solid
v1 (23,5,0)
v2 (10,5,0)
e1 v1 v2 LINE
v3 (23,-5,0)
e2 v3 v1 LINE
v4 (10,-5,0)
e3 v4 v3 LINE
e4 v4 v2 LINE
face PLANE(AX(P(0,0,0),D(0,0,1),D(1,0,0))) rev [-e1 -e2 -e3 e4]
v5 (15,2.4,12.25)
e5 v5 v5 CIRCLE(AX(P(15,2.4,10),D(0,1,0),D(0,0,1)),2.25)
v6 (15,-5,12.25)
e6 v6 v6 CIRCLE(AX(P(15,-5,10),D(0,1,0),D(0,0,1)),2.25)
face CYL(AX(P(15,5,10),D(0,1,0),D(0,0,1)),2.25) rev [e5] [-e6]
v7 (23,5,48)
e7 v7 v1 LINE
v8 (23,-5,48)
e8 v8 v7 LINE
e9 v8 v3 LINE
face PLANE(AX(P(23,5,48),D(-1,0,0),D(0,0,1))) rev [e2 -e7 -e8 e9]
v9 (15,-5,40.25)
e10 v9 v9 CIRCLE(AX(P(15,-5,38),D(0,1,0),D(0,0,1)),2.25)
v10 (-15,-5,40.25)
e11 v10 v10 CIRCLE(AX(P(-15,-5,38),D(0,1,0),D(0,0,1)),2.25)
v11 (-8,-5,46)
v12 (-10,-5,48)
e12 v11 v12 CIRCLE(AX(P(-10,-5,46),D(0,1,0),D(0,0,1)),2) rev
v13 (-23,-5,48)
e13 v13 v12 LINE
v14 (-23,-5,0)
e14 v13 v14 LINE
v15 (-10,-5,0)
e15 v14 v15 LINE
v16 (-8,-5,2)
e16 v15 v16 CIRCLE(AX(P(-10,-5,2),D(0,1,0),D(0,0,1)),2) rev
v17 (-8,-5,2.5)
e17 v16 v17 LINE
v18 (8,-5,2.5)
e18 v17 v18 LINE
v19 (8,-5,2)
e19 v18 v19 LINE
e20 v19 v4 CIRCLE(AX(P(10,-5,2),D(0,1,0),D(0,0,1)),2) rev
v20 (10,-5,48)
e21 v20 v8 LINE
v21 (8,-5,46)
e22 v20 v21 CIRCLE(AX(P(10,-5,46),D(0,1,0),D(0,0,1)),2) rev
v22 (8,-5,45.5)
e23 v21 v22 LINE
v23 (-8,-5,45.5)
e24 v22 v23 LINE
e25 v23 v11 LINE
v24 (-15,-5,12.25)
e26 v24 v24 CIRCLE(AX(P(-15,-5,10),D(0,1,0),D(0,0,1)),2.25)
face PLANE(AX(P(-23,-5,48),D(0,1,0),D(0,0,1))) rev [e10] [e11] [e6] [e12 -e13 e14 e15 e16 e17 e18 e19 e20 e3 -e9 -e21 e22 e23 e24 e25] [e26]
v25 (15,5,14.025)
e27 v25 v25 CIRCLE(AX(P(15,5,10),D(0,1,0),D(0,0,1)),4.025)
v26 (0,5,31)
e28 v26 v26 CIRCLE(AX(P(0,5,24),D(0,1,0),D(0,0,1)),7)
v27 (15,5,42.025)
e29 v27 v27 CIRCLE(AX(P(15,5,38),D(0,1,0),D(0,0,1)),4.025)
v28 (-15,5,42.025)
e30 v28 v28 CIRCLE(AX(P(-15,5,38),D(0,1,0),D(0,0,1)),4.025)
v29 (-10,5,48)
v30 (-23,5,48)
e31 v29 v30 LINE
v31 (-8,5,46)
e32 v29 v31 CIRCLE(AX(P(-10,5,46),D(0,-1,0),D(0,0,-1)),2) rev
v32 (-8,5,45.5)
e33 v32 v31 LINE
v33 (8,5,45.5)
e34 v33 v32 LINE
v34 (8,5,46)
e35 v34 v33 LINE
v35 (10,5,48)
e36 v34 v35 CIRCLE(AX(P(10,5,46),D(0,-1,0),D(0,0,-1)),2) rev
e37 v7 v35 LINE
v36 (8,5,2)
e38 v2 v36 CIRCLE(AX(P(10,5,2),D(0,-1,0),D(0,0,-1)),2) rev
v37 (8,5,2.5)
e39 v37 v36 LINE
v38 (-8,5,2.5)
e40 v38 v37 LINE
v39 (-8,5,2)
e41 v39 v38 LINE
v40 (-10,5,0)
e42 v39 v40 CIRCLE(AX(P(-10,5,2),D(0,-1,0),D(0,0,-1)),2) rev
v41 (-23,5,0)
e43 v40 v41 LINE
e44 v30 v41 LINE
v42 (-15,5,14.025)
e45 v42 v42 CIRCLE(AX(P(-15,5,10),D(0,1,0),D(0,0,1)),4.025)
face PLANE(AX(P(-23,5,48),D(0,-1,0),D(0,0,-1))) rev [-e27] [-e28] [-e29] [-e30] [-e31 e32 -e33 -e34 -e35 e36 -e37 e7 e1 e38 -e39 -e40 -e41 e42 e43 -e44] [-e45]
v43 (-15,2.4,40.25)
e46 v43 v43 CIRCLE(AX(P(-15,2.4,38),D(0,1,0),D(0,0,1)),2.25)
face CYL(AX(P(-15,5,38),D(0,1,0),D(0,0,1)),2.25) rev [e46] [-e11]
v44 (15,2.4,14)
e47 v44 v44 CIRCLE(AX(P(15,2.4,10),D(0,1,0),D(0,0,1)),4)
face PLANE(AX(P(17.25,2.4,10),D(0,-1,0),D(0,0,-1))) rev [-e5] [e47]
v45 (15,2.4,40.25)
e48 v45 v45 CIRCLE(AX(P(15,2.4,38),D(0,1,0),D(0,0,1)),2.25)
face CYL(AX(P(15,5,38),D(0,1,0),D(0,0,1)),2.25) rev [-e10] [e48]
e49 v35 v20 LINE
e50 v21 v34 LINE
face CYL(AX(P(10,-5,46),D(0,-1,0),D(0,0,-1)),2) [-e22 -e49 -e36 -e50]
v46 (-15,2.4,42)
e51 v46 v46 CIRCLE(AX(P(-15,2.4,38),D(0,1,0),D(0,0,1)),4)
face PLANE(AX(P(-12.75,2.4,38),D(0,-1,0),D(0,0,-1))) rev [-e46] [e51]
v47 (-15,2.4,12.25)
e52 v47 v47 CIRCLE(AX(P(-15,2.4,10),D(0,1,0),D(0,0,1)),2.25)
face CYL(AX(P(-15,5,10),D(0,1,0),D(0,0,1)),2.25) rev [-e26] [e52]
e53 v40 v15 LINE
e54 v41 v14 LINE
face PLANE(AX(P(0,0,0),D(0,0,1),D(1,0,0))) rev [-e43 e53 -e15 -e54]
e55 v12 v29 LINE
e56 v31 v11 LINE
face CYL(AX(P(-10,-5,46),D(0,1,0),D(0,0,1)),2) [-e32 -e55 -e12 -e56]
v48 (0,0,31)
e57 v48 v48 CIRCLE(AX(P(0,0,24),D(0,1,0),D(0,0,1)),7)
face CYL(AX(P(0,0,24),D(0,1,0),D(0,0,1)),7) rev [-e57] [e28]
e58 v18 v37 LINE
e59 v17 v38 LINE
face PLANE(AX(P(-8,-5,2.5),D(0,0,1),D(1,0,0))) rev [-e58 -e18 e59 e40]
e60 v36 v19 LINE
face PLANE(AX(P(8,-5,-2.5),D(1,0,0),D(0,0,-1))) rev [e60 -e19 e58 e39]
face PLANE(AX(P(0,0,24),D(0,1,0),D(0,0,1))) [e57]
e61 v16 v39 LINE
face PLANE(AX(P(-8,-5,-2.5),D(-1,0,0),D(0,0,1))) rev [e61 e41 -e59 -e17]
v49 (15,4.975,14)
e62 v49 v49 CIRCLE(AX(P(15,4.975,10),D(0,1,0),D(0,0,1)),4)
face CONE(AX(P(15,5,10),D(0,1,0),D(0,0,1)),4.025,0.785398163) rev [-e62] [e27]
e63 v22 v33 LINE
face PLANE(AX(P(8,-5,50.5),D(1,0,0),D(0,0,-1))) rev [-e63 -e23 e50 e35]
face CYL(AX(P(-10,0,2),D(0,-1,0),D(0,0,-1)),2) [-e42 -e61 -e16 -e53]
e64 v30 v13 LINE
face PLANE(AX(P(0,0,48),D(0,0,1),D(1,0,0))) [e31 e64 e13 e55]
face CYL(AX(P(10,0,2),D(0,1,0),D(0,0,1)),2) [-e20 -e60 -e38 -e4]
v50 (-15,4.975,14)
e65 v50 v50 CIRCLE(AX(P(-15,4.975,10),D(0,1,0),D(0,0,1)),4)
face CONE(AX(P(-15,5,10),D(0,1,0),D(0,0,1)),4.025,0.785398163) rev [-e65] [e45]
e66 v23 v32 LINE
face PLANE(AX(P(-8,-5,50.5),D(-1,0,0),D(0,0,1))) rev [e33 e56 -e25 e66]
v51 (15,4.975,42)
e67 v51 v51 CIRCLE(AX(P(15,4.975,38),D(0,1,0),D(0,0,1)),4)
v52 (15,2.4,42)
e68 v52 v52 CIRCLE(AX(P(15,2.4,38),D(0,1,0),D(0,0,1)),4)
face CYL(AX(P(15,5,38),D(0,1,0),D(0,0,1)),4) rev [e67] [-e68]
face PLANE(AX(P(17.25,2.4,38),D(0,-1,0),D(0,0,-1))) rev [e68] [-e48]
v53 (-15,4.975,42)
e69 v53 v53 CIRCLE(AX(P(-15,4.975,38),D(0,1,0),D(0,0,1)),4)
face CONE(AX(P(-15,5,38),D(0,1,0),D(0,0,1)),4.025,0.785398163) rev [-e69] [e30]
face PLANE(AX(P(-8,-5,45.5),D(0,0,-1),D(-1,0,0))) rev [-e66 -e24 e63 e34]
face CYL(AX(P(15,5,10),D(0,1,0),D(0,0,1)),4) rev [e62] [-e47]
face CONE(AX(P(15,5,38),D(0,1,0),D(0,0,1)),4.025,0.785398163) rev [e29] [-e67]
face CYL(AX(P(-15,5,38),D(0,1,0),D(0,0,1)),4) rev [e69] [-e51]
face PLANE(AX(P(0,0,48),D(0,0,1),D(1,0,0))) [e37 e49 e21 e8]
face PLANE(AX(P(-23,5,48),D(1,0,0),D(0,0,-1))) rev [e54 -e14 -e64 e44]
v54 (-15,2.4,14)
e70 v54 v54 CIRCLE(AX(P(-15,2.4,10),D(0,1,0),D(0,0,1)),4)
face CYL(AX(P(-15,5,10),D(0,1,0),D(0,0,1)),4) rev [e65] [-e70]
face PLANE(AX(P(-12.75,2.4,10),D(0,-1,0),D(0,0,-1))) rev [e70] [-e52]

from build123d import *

# Parameters (mm, degrees)
SKETCH1_W                                  = 46
SKETCH1_H                                  = 10
BOSS_EXTRUDE1_DEPTH                        = 48
SKETCH2_W                                  = 16
SKETCH2_H                                  = 5
CUT_EXTRUDE1_DEPTH                         = 10
FILLET1_R                                  = 2
CBORE_FOR_M4_CHEESE_HEAD_SCREW1_AT_2_COUNT = 2
CBORE_FOR_M4_CHEESE_HEAD_SCREW1_AT_2_PITCH = 28
CBORE_FOR_M4_CHEESE_HEAD_SCREW1_AT_3_COUNT = 2
CBORE_FOR_M4_CHEESE_HEAD_SCREW1_AT_3_PITCH = 41.036569057
CBORE_FOR_M4_CHEESE_HEAD_SCREW1_AT_4_COUNT = 2
CBORE_FOR_M4_CHEESE_HEAD_SCREW1_AT_4_PITCH = 30
SKETCH6_R                                  = 7
CUT_EXTRUDE2_DEPTH                         = 5


with BuildPart() as part:
    # Sketch1 → Boss-Extrude1 (new body)
    with BuildSketch(Plane.XY):
        Rectangle(SKETCH1_W, SKETCH1_H)
    extrude(amount=BOSS_EXTRUDE1_DEPTH)

    # Sketch2 → Cut-Extrude1 (cut)
    with BuildSketch(Plane(origin=(0, 5, 0), x_dir=(1, 0, 0), z_dir=(0, 1, 0))):
        with Locations((0, -48)):
            Rectangle(SKETCH2_W, SKETCH2_H)
        Rectangle(SKETCH2_W, SKETCH2_H)
    extrude(amount=-CUT_EXTRUDE1_DEPTH, mode=Mode.SUBTRACT)

    # Fillet1
    fillet1_edges = [part.edges().sort_by_distance(p)[0] for p in [
        (-8, 0, 0),
        (8, 0, 0),
        (8, 0, 48),
        (-8, 0, 48),
    ]]
    fillet(fillet1_edges, radius=FILLET1_R)

    # Sketch4 → CBORE for M4 Cheese Head Screw1 (revolve, cut)
    with BuildSketch(Plane(origin=(-15, 5, 10), x_dir=(0, 0, 1), z_dir=(1, 0, 0))):
        Polygon((0, 0), (0, 11.351936393), (2.25, 10), (2.25, 2.6), (4, 2.6), (4, 0.025), (4.025, 0), align=None)
    cbore_for_m4_cheese_head_screw1 = revolve(axis=Axis((-15, 11.35, 10), (0, -1, 0)), mode=Mode.SUBTRACT)

    # CBORE for M4 Cheese Head Screw1 at 2: CBORE for M4 Cheese Head Screw1 ×2
    with Locations(*[(0, 0, i * CBORE_FOR_M4_CHEESE_HEAD_SCREW1_AT_2_PITCH) for i in range(1, CBORE_FOR_M4_CHEESE_HEAD_SCREW1_AT_2_COUNT)]):
        add(cbore_for_m4_cheese_head_screw1, mode=Mode.SUBTRACT)

    # CBORE for M4 Cheese Head Screw1 at 3: CBORE for M4 Cheese Head Screw1 ×2
    with Locations(*[Vector(0.731055268242869, 0, 0.6823182503600111) * (i * CBORE_FOR_M4_CHEESE_HEAD_SCREW1_AT_3_PITCH) for i in range(1, CBORE_FOR_M4_CHEESE_HEAD_SCREW1_AT_3_COUNT)]):
        add(cbore_for_m4_cheese_head_screw1, mode=Mode.SUBTRACT)

    # CBORE for M4 Cheese Head Screw1 at 4: CBORE for M4 Cheese Head Screw1 ×2
    with Locations(*[(i * CBORE_FOR_M4_CHEESE_HEAD_SCREW1_AT_4_PITCH, 0, 0) for i in range(1, CBORE_FOR_M4_CHEESE_HEAD_SCREW1_AT_4_COUNT)]):
        add(cbore_for_m4_cheese_head_screw1, mode=Mode.SUBTRACT)

    # Sketch6 → Cut-Extrude2 (cut)
    with BuildSketch(Plane(origin=(0, 5, 0), x_dir=(1, 0, 0), z_dir=(0, 1, 0))):
        with Locations(Location((0, -24, 0), (0, 0, 270))):
            Circle(SKETCH6_R)
    extrude(amount=-CUT_EXTRUDE2_DEPTH, mode=Mode.SUBTRACT)


solid = part.part
